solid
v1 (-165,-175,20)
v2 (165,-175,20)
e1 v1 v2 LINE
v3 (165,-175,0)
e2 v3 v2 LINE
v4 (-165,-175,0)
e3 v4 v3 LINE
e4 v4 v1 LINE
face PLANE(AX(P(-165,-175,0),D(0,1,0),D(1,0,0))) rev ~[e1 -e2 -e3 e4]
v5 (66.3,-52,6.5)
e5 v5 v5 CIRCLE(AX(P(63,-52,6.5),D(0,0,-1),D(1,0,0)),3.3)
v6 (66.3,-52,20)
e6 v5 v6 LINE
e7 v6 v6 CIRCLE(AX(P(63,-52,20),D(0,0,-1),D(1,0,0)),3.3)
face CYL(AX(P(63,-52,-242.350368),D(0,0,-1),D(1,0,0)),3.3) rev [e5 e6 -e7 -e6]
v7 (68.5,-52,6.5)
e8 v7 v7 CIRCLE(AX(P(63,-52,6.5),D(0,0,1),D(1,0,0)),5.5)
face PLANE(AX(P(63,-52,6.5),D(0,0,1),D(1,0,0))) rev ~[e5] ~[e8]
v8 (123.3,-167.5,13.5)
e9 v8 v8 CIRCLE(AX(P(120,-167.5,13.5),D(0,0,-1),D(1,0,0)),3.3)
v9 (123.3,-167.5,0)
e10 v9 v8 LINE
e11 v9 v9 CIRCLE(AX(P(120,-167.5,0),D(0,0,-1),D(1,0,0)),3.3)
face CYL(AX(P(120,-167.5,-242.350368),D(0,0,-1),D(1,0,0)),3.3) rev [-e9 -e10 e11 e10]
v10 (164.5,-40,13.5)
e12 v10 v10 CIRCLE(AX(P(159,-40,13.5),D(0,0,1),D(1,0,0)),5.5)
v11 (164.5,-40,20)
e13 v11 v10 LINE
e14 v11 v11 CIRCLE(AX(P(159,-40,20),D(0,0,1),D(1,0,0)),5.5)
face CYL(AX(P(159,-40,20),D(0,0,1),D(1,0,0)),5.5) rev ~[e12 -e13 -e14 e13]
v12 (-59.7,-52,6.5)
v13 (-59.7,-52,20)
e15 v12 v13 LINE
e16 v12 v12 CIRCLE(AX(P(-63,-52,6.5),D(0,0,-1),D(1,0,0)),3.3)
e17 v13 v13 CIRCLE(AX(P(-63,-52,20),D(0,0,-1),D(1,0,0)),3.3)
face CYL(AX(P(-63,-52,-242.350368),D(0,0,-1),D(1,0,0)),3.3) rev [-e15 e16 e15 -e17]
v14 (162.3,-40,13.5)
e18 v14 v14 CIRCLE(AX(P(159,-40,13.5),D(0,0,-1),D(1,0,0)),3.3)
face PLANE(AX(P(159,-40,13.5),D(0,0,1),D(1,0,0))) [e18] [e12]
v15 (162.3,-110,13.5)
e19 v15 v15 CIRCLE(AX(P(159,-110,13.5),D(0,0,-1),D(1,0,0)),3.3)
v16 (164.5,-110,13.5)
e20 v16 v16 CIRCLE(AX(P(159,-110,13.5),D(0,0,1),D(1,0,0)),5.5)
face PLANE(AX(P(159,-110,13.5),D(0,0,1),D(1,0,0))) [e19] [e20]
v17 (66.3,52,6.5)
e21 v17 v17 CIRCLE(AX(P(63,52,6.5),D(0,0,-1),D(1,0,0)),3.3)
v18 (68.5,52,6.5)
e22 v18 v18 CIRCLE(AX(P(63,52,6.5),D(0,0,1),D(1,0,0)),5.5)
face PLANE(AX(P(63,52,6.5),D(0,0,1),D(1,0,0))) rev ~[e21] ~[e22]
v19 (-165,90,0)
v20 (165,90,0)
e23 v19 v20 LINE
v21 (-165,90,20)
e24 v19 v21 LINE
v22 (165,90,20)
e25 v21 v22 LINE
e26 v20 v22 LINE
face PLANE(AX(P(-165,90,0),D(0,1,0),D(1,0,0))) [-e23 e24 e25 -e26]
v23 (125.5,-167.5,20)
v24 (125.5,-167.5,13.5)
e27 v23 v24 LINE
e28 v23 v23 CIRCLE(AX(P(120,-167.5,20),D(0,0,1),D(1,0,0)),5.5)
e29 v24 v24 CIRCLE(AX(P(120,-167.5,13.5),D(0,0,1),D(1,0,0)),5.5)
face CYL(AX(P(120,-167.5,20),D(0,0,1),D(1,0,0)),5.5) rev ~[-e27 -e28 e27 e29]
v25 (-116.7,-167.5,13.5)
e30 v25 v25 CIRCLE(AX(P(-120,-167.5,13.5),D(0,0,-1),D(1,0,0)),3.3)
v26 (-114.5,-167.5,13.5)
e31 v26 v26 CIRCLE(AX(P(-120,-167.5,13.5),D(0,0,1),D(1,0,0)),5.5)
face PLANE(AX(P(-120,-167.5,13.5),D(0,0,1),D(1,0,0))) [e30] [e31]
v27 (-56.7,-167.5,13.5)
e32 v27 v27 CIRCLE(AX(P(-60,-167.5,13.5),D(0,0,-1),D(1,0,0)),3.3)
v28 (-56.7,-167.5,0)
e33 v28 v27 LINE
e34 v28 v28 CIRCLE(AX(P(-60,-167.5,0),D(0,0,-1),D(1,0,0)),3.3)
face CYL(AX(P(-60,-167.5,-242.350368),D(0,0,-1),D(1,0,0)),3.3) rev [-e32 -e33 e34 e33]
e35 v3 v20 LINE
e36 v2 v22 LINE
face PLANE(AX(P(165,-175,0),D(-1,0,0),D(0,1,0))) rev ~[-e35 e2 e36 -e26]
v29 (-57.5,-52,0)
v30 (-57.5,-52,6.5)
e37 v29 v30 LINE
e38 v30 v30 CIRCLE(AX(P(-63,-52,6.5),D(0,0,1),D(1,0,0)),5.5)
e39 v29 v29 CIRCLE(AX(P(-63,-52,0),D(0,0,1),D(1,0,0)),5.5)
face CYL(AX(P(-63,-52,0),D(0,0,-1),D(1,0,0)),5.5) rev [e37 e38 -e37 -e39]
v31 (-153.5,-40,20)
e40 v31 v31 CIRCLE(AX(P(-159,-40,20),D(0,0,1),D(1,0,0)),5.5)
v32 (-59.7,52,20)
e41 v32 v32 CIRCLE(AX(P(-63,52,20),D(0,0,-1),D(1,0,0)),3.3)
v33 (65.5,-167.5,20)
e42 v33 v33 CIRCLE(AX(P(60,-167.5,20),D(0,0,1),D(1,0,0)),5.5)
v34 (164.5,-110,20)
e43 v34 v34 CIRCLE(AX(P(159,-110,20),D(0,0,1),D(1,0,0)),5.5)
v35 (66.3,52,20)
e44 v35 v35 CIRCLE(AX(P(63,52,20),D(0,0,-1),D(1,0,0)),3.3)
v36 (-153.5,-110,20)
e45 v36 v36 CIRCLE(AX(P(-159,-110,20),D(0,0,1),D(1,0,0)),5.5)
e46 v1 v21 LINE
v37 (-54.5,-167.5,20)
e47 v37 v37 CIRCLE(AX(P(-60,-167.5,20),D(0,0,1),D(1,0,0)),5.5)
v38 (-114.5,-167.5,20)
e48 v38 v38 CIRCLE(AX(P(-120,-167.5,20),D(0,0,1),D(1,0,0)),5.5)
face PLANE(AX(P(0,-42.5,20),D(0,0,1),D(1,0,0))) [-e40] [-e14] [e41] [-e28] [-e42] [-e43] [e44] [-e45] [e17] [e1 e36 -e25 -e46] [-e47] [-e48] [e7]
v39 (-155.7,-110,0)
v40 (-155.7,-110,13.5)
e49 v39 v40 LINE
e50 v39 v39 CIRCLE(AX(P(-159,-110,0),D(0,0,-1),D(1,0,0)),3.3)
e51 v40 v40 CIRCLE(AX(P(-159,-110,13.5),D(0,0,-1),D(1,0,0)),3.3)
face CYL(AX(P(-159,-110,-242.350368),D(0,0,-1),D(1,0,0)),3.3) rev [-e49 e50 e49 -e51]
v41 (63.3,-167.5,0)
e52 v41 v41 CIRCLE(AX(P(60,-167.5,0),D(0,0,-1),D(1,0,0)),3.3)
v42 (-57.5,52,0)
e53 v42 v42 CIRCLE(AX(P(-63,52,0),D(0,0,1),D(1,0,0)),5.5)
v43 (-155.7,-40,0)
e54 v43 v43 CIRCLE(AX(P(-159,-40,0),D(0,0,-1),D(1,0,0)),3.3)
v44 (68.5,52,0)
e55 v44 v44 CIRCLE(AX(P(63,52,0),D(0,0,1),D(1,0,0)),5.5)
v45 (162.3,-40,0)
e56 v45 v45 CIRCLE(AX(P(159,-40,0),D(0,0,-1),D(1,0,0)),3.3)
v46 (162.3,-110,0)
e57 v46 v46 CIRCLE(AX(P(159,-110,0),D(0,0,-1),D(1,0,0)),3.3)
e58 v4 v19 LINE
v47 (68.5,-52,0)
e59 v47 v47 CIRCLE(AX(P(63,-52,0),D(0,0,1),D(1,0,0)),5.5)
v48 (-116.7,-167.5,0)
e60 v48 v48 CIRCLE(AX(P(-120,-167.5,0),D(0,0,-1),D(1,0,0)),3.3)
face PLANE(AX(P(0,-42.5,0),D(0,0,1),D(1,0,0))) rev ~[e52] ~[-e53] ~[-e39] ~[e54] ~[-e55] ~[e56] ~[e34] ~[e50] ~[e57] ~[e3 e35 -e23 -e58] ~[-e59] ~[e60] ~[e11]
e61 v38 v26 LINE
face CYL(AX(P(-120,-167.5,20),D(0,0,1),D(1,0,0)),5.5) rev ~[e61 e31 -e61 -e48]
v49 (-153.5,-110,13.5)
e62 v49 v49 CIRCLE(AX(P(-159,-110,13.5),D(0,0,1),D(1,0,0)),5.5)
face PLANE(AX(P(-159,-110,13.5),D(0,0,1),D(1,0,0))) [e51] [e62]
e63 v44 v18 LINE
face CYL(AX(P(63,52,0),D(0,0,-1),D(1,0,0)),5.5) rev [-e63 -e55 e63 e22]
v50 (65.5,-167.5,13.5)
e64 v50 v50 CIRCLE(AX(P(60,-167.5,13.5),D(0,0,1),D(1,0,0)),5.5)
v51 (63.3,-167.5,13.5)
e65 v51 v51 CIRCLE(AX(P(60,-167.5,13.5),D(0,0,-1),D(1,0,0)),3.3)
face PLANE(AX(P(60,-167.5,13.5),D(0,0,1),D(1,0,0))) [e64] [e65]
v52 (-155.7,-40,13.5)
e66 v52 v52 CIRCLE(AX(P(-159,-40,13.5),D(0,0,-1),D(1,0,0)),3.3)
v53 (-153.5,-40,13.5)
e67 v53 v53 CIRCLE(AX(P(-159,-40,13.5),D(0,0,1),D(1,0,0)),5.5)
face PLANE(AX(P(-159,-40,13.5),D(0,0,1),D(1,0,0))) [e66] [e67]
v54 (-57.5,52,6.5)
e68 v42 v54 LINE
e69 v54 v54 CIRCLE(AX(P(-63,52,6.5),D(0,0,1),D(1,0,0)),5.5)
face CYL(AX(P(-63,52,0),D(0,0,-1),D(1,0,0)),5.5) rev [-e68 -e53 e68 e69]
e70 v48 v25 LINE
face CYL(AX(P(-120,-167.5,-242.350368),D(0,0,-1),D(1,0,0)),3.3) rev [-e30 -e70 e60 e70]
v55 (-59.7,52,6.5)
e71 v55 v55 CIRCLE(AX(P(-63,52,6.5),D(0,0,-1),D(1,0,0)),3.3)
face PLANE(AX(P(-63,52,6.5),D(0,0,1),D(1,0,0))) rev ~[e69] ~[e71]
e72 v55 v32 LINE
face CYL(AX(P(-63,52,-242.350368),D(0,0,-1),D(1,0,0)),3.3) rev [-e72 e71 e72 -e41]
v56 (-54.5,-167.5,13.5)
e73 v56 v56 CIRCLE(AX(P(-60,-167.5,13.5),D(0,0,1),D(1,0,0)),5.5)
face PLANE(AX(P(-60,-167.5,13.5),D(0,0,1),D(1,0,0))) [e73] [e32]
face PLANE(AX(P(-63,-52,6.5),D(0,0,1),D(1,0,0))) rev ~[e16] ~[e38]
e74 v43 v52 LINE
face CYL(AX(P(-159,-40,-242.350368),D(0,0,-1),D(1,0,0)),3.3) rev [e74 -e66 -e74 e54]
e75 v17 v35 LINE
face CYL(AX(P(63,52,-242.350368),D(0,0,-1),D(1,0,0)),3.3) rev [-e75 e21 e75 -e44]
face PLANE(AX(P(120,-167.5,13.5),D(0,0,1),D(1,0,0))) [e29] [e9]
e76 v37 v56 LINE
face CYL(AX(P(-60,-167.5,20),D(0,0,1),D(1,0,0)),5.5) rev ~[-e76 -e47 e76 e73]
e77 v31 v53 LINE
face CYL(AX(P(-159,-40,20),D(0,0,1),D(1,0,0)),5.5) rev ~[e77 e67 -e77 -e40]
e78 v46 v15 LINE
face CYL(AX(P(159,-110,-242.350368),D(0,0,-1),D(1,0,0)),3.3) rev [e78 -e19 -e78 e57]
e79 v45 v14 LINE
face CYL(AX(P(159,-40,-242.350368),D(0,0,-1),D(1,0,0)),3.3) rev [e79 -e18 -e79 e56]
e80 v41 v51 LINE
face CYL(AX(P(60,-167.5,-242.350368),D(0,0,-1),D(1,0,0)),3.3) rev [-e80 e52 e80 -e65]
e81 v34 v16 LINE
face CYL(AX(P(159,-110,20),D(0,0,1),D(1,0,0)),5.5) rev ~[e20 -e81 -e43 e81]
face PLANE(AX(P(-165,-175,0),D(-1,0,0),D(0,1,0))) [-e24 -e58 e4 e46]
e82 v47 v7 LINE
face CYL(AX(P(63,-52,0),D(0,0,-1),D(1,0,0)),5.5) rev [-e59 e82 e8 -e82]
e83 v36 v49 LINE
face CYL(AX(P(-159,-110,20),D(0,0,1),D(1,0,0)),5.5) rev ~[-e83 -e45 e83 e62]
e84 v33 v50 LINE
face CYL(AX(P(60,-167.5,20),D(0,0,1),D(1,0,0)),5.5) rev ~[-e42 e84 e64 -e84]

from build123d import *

# Parameters (mm, degrees)
SKETCH1_W               = 330
SKETCH1_H               = 265
BOSS_EXTRUDE1_DEPTH     = 20
CUT_EXTRUDE1_DEPTH      = 242.350367723
CUT_EXTRUDE1_DEPTH_BACK = 242.350367723
SKETCH2_R               = 3.3
SKETCH3_R               = 5.5
CUT_EXTRUDE3_DEPTH      = 6.5
CUT_EXTRUDE4_DEPTH      = 242.350367723
CUT_EXTRUDE4_DEPTH_BACK = 242.350367723
SKETCH4_R               = 3.3
SKETCH5_R               = 5.5
CUT_EXTRUDE6_DEPTH      = 6.5
CUT_EXTRUDE7_DEPTH      = 242.350367723
CUT_EXTRUDE7_DEPTH_BACK = 242.350367723
SKETCH6_R               = 3.3
SKETCH7_R               = 5.5
CUT_EXTRUDE9_DEPTH      = 6.5


with BuildPart() as part:
    # Sketch1 → Boss-Extrude1 (new body)
    with BuildSketch(Plane.XY):
        with Locations((0, -42.5)):
            Rectangle(SKETCH1_W, SKETCH1_H)
    extrude(amount=BOSS_EXTRUDE1_DEPTH)

    # Sketch2 → Cut-Extrude1 (cut, two sides: drawn at the far end of the back side and taken through both)
    with BuildSketch(Plane.XY.offset(-CUT_EXTRUDE1_DEPTH_BACK)):
        with Locations((-63, -52)):
            Circle(SKETCH2_R)
        with Locations((-63, 52)):
            Circle(SKETCH2_R)
        with Locations((63, -52)):
            Circle(SKETCH2_R)
        with Locations((63, 52)):
            Circle(SKETCH2_R)
    extrude(amount=CUT_EXTRUDE1_DEPTH + CUT_EXTRUDE1_DEPTH_BACK, mode=Mode.SUBTRACT)

    # Sketch3 → Cut-Extrude3 (cut)
    with BuildSketch(Plane.XY):
        with Locations((-63, -52)):
            Circle(SKETCH3_R)
        with Locations((-63, 52)):
            Circle(SKETCH3_R)
        with Locations((63, -52)):
            Circle(SKETCH3_R)
        with Locations((63, 52)):
            Circle(SKETCH3_R)
    extrude(amount=CUT_EXTRUDE3_DEPTH, mode=Mode.SUBTRACT)

    # Sketch4 → Cut-Extrude4 (cut, two sides: drawn at the far end of the back side and taken through both)
    with BuildSketch(Plane.XY.offset(-CUT_EXTRUDE4_DEPTH_BACK)):
        with Locations((-120, -167.5)):
            Circle(SKETCH4_R)
        with Locations((-60, -167.5)):
            Circle(SKETCH4_R)
        with Locations((60, -167.5)):
            Circle(SKETCH4_R)
        with Locations((120, -167.5)):
            Circle(SKETCH4_R)
    extrude(amount=CUT_EXTRUDE4_DEPTH + CUT_EXTRUDE4_DEPTH_BACK, mode=Mode.SUBTRACT)

    # Sketch5 → Cut-Extrude6 (cut)
    with BuildSketch(Plane.XY.offset(20)):
        with Locations((-120, -167.5)):
            Circle(SKETCH5_R)
        with Locations((-60, -167.5)):
            Circle(SKETCH5_R)
        with Locations((60, -167.5)):
            Circle(SKETCH5_R)
        with Locations((120, -167.5)):
            Circle(SKETCH5_R)
    extrude(amount=-CUT_EXTRUDE6_DEPTH, mode=Mode.SUBTRACT)

    # Sketch6 → Cut-Extrude7 (cut, two sides: drawn at the far end of the back side and taken through both)
    with BuildSketch(Plane.XY.offset(-CUT_EXTRUDE7_DEPTH_BACK)):
        with Locations((-159, -110)):
            Circle(SKETCH6_R)
        with Locations((-159, -40)):
            Circle(SKETCH6_R)
        with Locations((159, -110)):
            Circle(SKETCH6_R)
        with Locations((159, -40)):
            Circle(SKETCH6_R)
    extrude(amount=CUT_EXTRUDE7_DEPTH + CUT_EXTRUDE7_DEPTH_BACK, mode=Mode.SUBTRACT)

    # Sketch7 → Cut-Extrude9 (cut)
    with BuildSketch(Plane.XY.offset(20)):
        with Locations((-159, -110)):
            Circle(SKETCH7_R)
        with Locations((-159, -40)):
            Circle(SKETCH7_R)
        with Locations((159, -110)):
            Circle(SKETCH7_R)
        with Locations((159, -40)):
            Circle(SKETCH7_R)
    extrude(amount=-CUT_EXTRUDE9_DEPTH, mode=Mode.SUBTRACT)


solid = part.part
